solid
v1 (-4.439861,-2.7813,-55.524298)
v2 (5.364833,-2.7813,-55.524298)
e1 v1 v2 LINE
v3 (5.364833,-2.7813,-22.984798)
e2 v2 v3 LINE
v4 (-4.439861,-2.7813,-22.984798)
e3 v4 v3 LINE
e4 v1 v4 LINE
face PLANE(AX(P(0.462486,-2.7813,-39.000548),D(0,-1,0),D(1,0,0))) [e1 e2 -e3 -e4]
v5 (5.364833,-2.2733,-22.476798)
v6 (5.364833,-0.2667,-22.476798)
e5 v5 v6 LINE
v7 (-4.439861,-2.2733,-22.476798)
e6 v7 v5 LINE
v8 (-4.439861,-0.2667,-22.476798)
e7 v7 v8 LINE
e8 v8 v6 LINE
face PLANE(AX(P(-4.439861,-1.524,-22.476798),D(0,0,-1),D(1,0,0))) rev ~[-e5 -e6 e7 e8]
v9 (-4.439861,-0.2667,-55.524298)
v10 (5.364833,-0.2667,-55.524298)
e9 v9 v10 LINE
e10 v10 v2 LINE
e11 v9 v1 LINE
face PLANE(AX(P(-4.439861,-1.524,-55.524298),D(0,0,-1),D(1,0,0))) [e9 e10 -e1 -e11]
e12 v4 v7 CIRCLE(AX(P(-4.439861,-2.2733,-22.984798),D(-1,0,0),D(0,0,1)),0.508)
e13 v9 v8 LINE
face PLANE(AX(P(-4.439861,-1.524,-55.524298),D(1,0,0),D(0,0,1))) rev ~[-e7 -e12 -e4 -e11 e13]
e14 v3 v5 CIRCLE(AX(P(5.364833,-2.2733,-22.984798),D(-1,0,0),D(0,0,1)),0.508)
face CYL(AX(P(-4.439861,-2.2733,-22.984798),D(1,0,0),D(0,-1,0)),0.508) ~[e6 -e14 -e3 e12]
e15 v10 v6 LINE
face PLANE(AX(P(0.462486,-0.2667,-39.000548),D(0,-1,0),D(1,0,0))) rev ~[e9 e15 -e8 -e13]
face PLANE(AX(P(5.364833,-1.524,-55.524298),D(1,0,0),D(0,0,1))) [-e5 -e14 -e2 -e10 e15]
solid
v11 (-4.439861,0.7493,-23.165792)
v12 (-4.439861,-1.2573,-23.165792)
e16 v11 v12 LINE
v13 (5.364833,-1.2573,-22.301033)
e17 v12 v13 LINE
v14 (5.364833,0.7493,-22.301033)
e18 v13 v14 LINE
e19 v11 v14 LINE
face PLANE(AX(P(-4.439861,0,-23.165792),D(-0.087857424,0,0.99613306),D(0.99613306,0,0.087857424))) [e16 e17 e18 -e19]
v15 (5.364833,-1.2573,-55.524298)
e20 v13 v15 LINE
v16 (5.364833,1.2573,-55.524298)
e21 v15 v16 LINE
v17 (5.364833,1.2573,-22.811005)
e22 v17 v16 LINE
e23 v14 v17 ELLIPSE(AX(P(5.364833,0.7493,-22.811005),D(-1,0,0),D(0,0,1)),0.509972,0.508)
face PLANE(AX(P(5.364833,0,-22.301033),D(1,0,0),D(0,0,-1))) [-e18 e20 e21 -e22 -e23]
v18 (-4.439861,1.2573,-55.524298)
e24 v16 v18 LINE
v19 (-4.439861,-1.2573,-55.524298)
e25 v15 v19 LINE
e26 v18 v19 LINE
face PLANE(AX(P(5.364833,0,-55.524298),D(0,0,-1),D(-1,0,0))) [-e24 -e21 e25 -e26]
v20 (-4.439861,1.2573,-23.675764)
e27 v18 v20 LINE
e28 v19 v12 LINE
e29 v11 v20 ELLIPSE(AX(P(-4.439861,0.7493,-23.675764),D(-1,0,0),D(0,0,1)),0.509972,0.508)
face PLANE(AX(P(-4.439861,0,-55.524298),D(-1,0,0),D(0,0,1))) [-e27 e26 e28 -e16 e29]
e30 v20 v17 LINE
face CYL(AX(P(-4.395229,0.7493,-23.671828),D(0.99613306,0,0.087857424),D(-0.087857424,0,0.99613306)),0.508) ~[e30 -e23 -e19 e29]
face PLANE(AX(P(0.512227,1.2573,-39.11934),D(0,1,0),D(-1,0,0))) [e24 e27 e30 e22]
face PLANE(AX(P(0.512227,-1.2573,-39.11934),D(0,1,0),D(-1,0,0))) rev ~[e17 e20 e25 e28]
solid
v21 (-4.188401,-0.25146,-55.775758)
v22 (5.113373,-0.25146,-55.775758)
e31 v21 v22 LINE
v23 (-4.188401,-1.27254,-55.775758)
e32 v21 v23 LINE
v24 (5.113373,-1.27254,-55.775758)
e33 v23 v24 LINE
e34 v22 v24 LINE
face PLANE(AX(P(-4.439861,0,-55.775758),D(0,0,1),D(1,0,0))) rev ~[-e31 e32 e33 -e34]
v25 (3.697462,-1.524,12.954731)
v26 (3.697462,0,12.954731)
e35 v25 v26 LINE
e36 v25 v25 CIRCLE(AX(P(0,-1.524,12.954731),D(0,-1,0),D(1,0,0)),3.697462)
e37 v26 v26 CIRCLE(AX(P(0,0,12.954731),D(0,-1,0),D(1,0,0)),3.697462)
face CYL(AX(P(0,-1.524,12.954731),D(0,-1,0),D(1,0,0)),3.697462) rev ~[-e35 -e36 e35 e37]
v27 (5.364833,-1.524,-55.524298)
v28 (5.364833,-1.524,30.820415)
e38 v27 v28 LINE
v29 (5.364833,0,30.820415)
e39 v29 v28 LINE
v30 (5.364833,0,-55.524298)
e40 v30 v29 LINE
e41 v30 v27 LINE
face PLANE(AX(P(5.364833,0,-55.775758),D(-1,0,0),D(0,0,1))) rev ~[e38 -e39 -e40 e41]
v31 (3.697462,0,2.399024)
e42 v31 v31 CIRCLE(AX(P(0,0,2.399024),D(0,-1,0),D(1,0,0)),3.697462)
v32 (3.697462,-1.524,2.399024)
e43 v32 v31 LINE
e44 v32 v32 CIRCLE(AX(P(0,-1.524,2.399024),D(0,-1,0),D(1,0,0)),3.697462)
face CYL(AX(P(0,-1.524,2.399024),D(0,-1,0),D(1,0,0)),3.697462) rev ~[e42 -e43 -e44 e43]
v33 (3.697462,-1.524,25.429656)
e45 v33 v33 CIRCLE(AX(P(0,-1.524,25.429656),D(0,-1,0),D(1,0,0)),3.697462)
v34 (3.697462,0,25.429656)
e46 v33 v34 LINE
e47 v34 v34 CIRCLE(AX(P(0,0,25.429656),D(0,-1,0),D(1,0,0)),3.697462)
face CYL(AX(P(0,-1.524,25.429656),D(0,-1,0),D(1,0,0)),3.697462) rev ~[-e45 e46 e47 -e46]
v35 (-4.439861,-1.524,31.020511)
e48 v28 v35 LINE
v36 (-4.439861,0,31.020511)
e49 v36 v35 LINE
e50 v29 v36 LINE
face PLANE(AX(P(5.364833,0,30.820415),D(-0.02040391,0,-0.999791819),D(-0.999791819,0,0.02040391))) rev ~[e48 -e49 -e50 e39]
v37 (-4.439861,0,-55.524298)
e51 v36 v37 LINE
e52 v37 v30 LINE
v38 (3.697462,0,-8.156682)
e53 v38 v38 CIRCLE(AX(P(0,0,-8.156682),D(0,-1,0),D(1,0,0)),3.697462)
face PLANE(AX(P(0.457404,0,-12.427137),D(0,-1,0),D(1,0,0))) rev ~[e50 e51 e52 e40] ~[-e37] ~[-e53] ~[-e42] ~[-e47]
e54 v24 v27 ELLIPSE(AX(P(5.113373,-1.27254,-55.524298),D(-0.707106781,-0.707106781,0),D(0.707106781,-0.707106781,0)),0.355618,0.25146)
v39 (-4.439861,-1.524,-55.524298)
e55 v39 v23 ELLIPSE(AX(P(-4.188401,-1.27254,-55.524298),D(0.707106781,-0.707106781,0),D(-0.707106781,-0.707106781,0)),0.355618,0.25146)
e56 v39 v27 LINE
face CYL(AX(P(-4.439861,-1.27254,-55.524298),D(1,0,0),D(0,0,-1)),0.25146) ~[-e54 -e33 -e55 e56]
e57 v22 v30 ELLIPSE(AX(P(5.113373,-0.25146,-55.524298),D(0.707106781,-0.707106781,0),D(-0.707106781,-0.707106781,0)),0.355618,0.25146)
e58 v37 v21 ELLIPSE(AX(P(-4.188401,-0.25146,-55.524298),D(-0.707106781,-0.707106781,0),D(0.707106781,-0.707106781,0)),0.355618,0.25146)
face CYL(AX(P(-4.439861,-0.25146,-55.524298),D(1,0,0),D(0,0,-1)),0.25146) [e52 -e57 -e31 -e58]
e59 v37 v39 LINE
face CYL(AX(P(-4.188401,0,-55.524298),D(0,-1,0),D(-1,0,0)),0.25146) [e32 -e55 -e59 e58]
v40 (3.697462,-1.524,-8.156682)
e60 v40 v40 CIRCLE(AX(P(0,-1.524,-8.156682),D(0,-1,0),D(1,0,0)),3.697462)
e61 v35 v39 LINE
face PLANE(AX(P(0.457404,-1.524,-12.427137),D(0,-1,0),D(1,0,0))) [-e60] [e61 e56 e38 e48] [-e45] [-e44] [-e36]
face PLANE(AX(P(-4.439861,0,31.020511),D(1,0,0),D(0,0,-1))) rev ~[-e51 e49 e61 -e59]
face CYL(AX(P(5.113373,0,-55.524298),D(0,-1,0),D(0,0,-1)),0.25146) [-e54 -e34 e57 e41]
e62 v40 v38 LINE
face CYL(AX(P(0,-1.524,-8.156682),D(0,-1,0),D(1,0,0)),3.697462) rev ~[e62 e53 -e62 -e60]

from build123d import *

# Parameters (mm, degrees)
F1_DEPTH = 1.524
F2_R     = 0.25146
F3_R     = 3.6974622631
F4_DEPTH = 1.525
F5_W     = 9.8046935163
F5_H     = 33.0474999556
F6_DEPTH = 1.2573
F7_R     = 0.508
F9_DEPTH = 1.2573
F10_R    = 0.508


with BuildPart() as f1:
    # F0 (on Front) → F1 (new body)
    with BuildSketch(Plane.XZ):
        Polygon((5.364832934, 30.8204153117), (-4.4398605824, 31.0205110515), (-4.4398605824, -55.775757879), (5.364832934, -55.775757879), align=None)
    extrude(amount=F1_DEPTH)

    # F2
    f2_edges = [f1.edges().sort_by_distance(p)[0] for p in [
        (-4.439861, -0.762, -55.775758),
        (5.364833, -0.762, -55.775758),
        (0.462486, 0, -55.775758),
        (0.462486, -1.524, -55.775758),
    ]]
    fillet(f2_edges, radius=F2_R)

    # F3 (on face) → F4 (cut, through all)
    with BuildSketch(Plane.XZ.offset(1.524)):
        with Locations((0, 25.429655737)):
            Circle(F3_R)
        with Locations((0, 12.9547312109)):
            Circle(F3_R)
        with Locations((0, 2.3990240031)):
            Circle(F3_R)
        with Locations((0, -8.1566817554)):
            Circle(F3_R)
    extrude(amount=-F4_DEPTH, mode=Mode.SUBTRACT)


with BuildPart() as f6:
    # F5 (on face) → F6 (new body, symmetric)
    with BuildSketch(Plane.XZ.offset(1.524)):
        with Locations((0.4624861758, -39.0005479012)):
            Rectangle(F5_W, F5_H)
    extrude(amount=F6_DEPTH, both=True)

    # F7
    f7_edges = [f6.edges().sort_by_distance(p)[0] for p in [
        (0.462486, -2.7813, -22.476798),
    ]]
    fillet(f7_edges, radius=F7_R)


with BuildPart() as f9:
    # F8 (on face) → F9 (new body, symmetric)
    with BuildSketch(Plane(origin=(0, 0, 0), x_dir=(-1, 0, 0), z_dir=(0, 1, 0))):
        Polygon((4.4398605824, -23.1657922268), (-5.364832934, -22.3010331392), (-5.364832934, -55.524297879), (4.4398605824, -55.524297879), align=None)
    extrude(amount=F9_DEPTH, both=True)

    # F10
    f10_edges = [f9.edges().sort_by_distance(p)[0] for p in [
        (0.462486, 1.2573, -22.733413),
    ]]
    fillet(f10_edges, radius=F10_R)


solid = Compound([f1.part, f6.part, f9.part])
